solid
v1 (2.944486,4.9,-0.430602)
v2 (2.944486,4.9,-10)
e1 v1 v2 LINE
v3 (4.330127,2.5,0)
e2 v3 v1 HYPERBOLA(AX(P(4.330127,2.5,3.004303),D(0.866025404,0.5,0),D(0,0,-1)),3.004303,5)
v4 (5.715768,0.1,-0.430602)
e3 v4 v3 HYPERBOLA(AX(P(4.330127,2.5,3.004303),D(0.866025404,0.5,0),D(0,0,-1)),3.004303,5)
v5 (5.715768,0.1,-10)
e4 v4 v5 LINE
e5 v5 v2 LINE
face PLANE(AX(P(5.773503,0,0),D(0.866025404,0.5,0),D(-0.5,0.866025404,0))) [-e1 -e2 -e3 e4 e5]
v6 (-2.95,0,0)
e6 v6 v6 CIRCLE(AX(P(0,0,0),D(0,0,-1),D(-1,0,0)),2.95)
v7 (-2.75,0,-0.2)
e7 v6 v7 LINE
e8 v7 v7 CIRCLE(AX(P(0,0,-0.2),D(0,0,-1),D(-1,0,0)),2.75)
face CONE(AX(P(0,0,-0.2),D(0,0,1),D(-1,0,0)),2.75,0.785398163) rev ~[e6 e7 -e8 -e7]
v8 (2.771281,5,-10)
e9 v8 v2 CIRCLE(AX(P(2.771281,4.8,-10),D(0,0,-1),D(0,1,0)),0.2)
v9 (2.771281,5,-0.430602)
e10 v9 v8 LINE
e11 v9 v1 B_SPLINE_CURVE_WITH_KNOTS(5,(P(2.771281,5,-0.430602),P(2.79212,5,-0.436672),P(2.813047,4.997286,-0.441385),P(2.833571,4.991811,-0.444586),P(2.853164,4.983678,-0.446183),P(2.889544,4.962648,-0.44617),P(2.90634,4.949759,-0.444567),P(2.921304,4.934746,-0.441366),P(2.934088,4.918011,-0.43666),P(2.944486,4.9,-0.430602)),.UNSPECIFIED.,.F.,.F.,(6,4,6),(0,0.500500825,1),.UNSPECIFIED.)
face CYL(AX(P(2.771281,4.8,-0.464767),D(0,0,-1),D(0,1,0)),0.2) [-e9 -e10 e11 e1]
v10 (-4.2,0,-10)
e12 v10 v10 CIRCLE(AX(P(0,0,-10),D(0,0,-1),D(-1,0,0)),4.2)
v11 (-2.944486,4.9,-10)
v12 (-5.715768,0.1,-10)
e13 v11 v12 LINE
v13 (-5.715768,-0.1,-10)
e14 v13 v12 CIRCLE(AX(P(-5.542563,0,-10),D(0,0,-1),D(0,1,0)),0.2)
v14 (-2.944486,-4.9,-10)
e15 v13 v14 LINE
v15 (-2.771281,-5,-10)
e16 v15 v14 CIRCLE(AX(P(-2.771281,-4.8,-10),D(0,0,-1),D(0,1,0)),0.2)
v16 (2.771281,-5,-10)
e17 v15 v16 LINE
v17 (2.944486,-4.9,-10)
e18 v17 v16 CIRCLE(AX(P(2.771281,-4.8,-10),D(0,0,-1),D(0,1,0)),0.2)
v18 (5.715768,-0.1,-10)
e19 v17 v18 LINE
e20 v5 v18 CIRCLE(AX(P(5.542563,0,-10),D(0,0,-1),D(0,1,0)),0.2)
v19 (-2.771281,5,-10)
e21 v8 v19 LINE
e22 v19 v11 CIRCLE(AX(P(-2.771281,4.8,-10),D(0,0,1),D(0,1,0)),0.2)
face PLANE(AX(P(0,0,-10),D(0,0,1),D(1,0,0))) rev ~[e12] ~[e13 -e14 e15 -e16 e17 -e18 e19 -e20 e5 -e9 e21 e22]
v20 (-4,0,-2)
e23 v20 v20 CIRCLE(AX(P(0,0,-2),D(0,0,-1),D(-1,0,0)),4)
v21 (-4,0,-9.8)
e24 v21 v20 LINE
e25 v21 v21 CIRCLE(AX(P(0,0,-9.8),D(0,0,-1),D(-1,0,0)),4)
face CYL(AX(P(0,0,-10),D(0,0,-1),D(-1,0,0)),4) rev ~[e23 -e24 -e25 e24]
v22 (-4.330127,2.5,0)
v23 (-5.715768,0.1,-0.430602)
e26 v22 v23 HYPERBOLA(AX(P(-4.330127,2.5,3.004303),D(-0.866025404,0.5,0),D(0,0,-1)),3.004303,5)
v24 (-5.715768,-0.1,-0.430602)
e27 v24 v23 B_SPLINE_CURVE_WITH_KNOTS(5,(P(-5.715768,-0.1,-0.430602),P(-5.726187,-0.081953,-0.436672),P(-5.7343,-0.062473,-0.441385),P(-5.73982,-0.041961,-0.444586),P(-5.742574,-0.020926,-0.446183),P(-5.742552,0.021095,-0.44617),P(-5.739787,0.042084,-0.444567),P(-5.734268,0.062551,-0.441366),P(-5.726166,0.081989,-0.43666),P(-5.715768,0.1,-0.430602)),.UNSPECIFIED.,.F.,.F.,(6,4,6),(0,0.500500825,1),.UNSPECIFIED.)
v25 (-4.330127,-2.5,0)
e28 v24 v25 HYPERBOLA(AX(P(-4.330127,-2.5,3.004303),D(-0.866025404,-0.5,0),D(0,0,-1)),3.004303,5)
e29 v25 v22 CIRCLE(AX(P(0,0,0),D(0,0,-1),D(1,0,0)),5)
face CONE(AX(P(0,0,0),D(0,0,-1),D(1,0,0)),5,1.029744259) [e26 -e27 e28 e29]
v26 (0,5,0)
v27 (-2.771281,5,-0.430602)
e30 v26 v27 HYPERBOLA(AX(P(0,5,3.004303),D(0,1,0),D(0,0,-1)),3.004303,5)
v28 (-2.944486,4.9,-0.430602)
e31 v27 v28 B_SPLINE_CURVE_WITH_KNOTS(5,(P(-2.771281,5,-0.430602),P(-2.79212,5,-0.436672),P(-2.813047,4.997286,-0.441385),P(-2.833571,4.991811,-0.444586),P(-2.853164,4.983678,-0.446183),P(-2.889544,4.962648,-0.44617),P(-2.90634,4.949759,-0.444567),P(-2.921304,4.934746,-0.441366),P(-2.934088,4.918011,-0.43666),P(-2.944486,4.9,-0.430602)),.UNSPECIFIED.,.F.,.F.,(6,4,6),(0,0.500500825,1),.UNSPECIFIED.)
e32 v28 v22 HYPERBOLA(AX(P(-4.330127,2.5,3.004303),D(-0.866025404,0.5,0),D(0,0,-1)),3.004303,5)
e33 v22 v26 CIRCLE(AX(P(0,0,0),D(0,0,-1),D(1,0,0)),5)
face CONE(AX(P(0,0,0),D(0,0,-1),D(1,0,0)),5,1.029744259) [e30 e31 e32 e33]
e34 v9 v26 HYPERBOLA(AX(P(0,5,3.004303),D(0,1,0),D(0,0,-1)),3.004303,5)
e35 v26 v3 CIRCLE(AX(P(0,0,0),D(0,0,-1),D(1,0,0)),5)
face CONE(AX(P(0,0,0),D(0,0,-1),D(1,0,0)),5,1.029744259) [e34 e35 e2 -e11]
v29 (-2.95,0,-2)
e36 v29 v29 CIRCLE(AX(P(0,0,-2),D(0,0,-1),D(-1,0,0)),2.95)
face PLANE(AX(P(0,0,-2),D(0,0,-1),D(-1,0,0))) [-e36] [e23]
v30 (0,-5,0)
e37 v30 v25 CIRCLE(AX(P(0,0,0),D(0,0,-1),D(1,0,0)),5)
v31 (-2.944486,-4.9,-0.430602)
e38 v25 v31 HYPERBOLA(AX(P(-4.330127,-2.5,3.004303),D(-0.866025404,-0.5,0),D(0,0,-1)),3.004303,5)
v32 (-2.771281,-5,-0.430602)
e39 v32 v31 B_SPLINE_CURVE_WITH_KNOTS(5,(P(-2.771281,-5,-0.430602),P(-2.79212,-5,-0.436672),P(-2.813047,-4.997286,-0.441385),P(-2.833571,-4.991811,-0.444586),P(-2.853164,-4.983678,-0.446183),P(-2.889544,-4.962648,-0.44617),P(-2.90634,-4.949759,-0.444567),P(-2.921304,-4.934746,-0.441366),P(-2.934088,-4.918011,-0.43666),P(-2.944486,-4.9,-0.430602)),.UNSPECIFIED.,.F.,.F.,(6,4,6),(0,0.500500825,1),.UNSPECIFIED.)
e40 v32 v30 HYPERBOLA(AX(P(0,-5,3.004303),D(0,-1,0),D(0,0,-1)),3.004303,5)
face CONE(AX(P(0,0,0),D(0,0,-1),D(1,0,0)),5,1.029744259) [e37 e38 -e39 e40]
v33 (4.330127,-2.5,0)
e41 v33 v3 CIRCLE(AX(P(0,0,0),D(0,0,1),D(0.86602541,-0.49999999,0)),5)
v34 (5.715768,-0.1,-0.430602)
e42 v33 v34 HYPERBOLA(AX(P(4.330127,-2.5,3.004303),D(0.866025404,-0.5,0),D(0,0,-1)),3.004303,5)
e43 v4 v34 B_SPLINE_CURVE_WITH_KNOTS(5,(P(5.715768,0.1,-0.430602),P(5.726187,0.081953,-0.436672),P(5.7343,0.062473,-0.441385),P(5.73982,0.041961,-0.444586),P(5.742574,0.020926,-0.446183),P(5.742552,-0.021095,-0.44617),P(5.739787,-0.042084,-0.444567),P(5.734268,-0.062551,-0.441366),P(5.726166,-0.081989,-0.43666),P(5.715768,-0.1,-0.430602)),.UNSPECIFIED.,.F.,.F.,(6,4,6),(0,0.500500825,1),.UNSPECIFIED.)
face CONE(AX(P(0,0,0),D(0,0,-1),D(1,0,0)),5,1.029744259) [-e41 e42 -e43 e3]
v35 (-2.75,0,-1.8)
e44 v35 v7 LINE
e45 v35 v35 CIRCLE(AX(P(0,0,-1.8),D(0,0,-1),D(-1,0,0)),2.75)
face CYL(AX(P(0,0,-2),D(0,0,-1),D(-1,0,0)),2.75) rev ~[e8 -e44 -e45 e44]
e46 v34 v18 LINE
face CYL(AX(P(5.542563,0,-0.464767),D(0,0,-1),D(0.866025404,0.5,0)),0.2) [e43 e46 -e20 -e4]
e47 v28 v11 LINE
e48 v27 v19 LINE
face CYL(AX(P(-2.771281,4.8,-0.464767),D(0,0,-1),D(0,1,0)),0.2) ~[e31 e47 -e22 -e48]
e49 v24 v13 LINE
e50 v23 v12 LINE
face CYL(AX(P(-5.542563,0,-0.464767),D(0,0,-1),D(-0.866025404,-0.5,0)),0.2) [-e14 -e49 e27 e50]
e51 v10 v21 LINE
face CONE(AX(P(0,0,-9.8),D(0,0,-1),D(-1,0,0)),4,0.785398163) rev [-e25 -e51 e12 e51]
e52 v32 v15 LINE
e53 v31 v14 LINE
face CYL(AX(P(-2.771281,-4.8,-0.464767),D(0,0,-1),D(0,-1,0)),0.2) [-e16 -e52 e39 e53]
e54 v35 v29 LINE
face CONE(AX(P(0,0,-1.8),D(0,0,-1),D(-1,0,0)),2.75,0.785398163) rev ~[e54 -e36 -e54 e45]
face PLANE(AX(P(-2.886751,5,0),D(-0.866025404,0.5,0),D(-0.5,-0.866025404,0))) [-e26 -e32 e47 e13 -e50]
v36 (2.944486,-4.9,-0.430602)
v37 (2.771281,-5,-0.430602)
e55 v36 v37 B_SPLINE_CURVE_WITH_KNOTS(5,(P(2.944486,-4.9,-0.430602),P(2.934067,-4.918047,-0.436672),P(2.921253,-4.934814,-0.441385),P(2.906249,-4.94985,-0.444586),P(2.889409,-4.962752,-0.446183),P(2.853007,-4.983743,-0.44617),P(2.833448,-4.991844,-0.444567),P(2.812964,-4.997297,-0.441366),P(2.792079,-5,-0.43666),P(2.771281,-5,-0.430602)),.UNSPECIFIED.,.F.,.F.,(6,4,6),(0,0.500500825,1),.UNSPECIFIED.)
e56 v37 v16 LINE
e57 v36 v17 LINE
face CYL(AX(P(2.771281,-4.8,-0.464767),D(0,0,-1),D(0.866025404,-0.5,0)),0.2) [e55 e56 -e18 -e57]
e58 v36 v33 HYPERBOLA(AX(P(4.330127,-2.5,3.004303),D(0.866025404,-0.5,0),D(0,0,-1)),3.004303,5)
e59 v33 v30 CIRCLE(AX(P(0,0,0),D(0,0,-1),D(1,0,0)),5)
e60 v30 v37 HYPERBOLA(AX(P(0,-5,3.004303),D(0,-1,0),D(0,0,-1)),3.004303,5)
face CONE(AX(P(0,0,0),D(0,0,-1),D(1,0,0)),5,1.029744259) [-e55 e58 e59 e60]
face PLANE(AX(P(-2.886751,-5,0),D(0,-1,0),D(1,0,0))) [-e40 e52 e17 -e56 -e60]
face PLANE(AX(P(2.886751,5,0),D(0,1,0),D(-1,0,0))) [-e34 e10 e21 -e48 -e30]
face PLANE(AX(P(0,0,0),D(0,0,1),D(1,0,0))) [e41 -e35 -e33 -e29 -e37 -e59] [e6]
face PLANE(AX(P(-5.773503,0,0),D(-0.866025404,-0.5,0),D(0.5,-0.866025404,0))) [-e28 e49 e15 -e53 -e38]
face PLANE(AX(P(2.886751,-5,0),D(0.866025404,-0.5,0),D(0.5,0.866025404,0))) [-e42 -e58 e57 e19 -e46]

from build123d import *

# Parameters (mm, degrees)
ESTRUSIONE_ESTRUSIONE1_DEPTH = 10
SCHIZZO6_OUTSIDE_W           = 18.864
SCHIZZO6_OUTSIDE_H           = 17.316
SCHIZZO6_OUTSIDE_R           = 5
TAGLIO_ESTRUSIONE1_DEPTH     = 0.5
TAGLIO_ESTRUSIONE1_TAPER     = 59
RACCORDO1_R                  = 0.2
SCHIZZO19_R                  = 4
TAGLIO_ESTRUSIONE5_DEPTH     = 8
TAGLIO_ESTRUSIONE6_REACH     = 4
SCHIZZO20_R                  = 2.75
SMUSSO3_SIZE                 = 0.2


with BuildPart() as part:
    # Schizzo4 → Estrusione-Estrusione1 (new body)
    with BuildSketch(Plane.XY):
        Polygon((2.886751346, 5), (-2.886751346, 5), (-5.773502692, 0), (-2.886751346, -5), (2.886751346, -5), (5.773502692, 0), align=None)
    extrude(amount=-ESTRUSIONE_ESTRUSIONE1_DEPTH)

    # Schizzo6 outside → Taglio-Estrusione1 (cut)
    with BuildSketch(Plane.XY):
        Rectangle(SCHIZZO6_OUTSIDE_W, SCHIZZO6_OUTSIDE_H)
        Circle(SCHIZZO6_OUTSIDE_R, mode=Mode.SUBTRACT)
    extrude(amount=-TAGLIO_ESTRUSIONE1_DEPTH, taper=TAGLIO_ESTRUSIONE1_TAPER, mode=Mode.SUBTRACT)

    # Raccordo1
    raccordo1_edges = [part.edges().sort_by_distance(p)[0] for p in [
        (2.886751346, -5, -5.232383653),
        (-2.886751346, -5, -5.232383653),
        (-5.773502692, 0, -5.232383653),
        (-2.886751346, 5, -5.232383653),
        (2.886751346, 5, -5.232383653),
        (5.773502692, 0, -5.232383653),
    ]]
    fillet(raccordo1_edges, radius=RACCORDO1_R)

    # Schizzo19 → Taglio-Estrusione5 (cut)
    with BuildSketch(Plane(origin=(0, 0, -10), x_dir=(-1, 0, 0), z_dir=(0, 0, -1))):
        Circle(SCHIZZO19_R)
    extrude(amount=-TAGLIO_ESTRUSIONE5_DEPTH, mode=Mode.SUBTRACT)

    # Schizzo20 → Taglio-Estrusione6 (cut, up to next)
    with BuildSketch(Plane(origin=(0, 0, -2), x_dir=(-1, 0, 0), z_dir=(0, 0, -1)), mode=Mode.PRIVATE) as taglio_estrusione6_sk1:
        Circle(SCHIZZO20_R)
    taglio_estrusione6_tool1 = extrude(taglio_estrusione6_sk1.sketch, amount=-TAGLIO_ESTRUSIONE6_REACH, mode=Mode.PRIVATE) & part.part
    add(taglio_estrusione6_tool1.solids().sort_by_distance((0, 0, -2))[0], mode=Mode.SUBTRACT)

    # Smusso3
    smusso3_edges = [part.edges().sort_by_distance(p)[0] for p in [
        (4, 0, -10),
        (2.75, 0, 0),
        (2.75, 0, -2),
    ]]
    chamfer(smusso3_edges, length=SMUSSO3_SIZE)


solid = part.part
